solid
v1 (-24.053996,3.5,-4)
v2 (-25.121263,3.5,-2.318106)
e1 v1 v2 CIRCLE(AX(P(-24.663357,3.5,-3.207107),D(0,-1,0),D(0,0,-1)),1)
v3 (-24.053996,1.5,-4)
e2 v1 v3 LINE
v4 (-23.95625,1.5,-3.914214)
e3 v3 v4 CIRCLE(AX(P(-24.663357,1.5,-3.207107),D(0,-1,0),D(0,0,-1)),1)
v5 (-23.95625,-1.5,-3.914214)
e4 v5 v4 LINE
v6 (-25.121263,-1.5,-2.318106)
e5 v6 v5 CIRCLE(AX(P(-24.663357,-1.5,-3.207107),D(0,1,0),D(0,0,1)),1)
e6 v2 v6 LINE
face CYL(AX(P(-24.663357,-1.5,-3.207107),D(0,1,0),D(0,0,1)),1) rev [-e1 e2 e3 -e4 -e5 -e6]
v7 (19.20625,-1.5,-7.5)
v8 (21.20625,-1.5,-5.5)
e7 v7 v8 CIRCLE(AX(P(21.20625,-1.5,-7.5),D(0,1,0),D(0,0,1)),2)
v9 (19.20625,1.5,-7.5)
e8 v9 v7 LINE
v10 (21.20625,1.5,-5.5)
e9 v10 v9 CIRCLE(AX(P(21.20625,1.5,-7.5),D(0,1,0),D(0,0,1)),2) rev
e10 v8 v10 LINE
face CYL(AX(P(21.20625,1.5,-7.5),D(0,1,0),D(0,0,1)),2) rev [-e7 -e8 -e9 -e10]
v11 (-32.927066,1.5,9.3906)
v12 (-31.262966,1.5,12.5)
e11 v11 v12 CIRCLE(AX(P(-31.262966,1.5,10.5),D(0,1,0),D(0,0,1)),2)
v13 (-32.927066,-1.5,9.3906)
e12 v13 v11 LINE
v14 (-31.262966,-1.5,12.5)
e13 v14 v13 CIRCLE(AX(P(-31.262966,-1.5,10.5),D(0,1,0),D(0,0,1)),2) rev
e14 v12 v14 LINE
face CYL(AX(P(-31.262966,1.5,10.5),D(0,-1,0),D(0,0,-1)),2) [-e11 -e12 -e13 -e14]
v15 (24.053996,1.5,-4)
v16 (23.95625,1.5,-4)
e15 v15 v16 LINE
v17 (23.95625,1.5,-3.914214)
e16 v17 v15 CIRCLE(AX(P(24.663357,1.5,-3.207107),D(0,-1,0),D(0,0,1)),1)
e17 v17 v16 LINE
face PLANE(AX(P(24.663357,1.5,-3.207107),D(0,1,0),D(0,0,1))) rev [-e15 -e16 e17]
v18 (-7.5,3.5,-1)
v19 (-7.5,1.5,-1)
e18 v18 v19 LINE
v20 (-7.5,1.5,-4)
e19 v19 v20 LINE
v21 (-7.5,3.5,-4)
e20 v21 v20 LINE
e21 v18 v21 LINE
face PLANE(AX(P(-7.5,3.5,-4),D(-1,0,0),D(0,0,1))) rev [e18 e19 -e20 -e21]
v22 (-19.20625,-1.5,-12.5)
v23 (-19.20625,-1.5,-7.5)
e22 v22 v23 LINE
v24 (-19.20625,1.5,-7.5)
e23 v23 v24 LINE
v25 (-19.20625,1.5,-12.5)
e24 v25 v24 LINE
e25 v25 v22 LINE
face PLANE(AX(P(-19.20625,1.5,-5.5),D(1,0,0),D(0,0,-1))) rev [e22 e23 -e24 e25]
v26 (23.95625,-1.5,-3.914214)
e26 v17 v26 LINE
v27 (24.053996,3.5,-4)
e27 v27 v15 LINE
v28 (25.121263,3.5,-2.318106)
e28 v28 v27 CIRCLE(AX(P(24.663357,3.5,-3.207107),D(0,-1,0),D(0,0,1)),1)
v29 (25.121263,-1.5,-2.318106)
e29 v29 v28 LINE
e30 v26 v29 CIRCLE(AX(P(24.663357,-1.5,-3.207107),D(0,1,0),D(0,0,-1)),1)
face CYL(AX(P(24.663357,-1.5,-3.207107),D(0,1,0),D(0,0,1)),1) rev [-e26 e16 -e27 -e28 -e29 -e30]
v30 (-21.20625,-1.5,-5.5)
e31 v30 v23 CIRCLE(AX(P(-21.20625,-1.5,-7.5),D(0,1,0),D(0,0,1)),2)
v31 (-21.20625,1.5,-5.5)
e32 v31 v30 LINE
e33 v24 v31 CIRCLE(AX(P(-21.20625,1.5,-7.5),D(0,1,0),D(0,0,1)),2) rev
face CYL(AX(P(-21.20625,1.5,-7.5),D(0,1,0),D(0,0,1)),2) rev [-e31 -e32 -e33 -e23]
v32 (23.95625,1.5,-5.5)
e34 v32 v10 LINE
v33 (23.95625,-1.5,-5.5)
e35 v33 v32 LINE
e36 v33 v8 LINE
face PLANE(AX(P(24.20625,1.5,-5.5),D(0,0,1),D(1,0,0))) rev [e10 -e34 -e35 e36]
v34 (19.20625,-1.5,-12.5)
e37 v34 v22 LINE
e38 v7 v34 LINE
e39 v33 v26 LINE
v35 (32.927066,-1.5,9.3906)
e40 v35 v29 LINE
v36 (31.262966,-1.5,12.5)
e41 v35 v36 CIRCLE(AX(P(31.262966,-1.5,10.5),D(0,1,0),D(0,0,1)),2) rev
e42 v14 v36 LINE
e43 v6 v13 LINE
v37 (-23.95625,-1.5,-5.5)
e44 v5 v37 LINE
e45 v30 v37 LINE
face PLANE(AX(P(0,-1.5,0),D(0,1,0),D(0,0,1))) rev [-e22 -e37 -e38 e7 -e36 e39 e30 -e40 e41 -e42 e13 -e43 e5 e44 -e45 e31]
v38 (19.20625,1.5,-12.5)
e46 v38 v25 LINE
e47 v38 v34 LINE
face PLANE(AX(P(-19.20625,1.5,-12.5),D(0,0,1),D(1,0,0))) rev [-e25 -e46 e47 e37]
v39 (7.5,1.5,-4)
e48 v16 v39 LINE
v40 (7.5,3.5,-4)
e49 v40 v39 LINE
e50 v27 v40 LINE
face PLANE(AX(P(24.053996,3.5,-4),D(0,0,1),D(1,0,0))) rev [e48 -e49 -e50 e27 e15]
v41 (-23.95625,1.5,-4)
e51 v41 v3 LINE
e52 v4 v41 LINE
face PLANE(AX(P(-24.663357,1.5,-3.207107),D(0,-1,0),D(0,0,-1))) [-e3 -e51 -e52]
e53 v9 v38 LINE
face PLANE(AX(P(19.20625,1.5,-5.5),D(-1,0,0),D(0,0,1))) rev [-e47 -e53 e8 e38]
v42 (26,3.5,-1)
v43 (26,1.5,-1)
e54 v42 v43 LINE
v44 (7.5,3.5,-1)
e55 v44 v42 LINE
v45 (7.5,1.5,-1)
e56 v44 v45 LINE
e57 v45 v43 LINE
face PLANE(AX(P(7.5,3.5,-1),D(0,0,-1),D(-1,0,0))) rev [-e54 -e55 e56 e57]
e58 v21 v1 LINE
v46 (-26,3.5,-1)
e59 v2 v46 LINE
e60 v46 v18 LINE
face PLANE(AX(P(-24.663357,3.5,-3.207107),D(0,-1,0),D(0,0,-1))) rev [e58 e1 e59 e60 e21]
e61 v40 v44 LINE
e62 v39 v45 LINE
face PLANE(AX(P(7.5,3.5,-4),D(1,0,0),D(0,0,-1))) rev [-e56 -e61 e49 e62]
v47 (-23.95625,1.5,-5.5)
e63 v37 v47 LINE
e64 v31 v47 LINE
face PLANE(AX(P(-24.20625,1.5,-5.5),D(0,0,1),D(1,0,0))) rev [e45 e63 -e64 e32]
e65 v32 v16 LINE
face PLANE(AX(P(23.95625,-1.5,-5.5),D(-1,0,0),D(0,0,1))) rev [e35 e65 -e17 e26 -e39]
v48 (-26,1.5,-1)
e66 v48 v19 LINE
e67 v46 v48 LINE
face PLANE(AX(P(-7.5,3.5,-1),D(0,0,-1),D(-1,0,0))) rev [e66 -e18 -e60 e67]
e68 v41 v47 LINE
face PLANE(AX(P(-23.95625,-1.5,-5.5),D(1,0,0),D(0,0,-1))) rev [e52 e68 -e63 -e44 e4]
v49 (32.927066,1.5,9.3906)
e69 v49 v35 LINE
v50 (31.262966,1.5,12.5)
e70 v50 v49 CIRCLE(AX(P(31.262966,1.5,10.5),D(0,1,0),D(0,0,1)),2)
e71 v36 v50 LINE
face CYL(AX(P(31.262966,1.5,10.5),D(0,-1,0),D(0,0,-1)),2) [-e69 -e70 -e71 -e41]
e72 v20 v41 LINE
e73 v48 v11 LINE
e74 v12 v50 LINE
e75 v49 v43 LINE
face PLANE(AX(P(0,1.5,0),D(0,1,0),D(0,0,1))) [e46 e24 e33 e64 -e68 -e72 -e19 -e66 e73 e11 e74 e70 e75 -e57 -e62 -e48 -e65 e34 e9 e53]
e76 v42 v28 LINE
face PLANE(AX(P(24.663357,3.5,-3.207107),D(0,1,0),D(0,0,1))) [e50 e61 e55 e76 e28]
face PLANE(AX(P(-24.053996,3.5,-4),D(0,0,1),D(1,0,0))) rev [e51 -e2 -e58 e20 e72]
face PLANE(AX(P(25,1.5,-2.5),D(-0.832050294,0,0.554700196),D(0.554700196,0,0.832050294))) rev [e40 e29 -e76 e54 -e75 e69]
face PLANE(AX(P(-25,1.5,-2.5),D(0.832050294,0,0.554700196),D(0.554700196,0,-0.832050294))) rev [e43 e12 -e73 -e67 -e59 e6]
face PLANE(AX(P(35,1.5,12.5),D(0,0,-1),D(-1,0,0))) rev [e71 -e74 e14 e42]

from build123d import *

# Parameters (mm, degrees)
BOSS_EXTRUDE1_DEPTH     = 1.5
CUT_EXTRUDE4_DEPTH      = 38.286056375
CUT_EXTRUDE4_DEPTH_BACK = 38.286056375
SKETCH4_W               = 0.25
SKETCH4_H               = 3
CUT_EXTRUDE5_DEPTH      = 38.286056375
CUT_EXTRUDE5_DEPTH_BACK = 38.286056375
SKETCH5_R               = 1
FILLET5_R               = 2
BOSS_EXTRUDE2_START     = 2
BOSS_EXTRUDE2_DEPTH     = 2


with BuildPart() as part:
    # Sketch1 → Boss-Extrude1 (new, symmetric)
    with BuildSketch(Plane(origin=(0, 0, 0), x_dir=(1, 0, 0), z_dir=(0, 1, 0))):
        Polygon((-25, -12.5), (25, -12.5), (35, -12.5), (25, 2.5), (24.20625, 2.5), (24.20625, 5.5), (19.20625, 5.5), (19.20625, 12.5), (-19.20625, 12.5), (-19.20625, 5.5), (-24.20625, 5.5), (-24.20625, 2.5), (-25, 2.5), (-35, -12.5), align=None)
    extrude(amount=BOSS_EXTRUDE1_DEPTH, both=True)

    # Sketch4 → Cut-Extrude4 (cut, two sides: drawn at the far end of the back side and taken through both)
    with BuildSketch(Plane(origin=(0, 1.5, 0), x_dir=(1, 0, 0), z_dir=(0, 1, 0)).offset(-CUT_EXTRUDE4_DEPTH_BACK)):
        with Locations((24.08125, 4)):
            Rectangle(SKETCH4_W, SKETCH4_H)
        with Locations((-24.08125, 4)):
            Rectangle(SKETCH4_W, SKETCH4_H)
    extrude(amount=CUT_EXTRUDE4_DEPTH + CUT_EXTRUDE4_DEPTH_BACK, mode=Mode.SUBTRACT)

    # Sketch5 → Cut-Extrude5 (cut, two sides: drawn at the far end of the back side and taken through both)
    with BuildSketch(Plane(origin=(0, 1.5, 0), x_dir=(1, 0, 0), z_dir=(0, 1, 0)).offset(-CUT_EXTRUDE5_DEPTH_BACK)):
        with Locations((-24.663356781, 3.207106781)):
            Circle(SKETCH5_R)
        with Locations((24.663356781, 3.207106781)):
            Circle(SKETCH5_R)
    extrude(amount=CUT_EXTRUDE5_DEPTH + CUT_EXTRUDE5_DEPTH_BACK, mode=Mode.SUBTRACT)

    # Fillet5
    fillet5_edges = [part.edges().sort_by_distance(p)[0] for p in [
        (-35, 0, 12.5),
        (-19.20625, 0, -5.5),
        (19.20625, 0, -5.5),
        (35, 0, 12.5),
    ]]
    fillet(fillet5_edges, radius=FILLET5_R)

    # Sketch6 → Boss-Extrude2 (add)
    with BuildSketch(Plane(origin=(0, 1.5, 0), x_dir=(1, 0, 0), z_dir=(0, 1, 0)).offset(BOSS_EXTRUDE2_START)):
        with BuildLine():
            Line((-24.053996179, 4), (-7.5, 4))
            Line((-7.5, 4), (-7.5, 1))
            Line((-7.5, 1), (-26, 1))
            Line((-26, 1), (-25.121262614, 2.318106079))
            ThreePointArc((-25.121262614, 2.318106079), (-23.819007075, 2.671314309), (-24.053996179, 4))
        make_face()
        with BuildLine():
            Line((26, 1), (25.121262614, 2.318106079))
            ThreePointArc((25.121262614, 2.318106079), (23.819007075, 2.671314309), (24.053996179, 4))
            Line((24.053996179, 4), (7.5, 4))
            Line((7.5, 4), (7.5, 1))
            Line((7.5, 1), (26, 1))
        make_face()
    extrude(amount=-BOSS_EXTRUDE2_DEPTH)


solid = part.part
